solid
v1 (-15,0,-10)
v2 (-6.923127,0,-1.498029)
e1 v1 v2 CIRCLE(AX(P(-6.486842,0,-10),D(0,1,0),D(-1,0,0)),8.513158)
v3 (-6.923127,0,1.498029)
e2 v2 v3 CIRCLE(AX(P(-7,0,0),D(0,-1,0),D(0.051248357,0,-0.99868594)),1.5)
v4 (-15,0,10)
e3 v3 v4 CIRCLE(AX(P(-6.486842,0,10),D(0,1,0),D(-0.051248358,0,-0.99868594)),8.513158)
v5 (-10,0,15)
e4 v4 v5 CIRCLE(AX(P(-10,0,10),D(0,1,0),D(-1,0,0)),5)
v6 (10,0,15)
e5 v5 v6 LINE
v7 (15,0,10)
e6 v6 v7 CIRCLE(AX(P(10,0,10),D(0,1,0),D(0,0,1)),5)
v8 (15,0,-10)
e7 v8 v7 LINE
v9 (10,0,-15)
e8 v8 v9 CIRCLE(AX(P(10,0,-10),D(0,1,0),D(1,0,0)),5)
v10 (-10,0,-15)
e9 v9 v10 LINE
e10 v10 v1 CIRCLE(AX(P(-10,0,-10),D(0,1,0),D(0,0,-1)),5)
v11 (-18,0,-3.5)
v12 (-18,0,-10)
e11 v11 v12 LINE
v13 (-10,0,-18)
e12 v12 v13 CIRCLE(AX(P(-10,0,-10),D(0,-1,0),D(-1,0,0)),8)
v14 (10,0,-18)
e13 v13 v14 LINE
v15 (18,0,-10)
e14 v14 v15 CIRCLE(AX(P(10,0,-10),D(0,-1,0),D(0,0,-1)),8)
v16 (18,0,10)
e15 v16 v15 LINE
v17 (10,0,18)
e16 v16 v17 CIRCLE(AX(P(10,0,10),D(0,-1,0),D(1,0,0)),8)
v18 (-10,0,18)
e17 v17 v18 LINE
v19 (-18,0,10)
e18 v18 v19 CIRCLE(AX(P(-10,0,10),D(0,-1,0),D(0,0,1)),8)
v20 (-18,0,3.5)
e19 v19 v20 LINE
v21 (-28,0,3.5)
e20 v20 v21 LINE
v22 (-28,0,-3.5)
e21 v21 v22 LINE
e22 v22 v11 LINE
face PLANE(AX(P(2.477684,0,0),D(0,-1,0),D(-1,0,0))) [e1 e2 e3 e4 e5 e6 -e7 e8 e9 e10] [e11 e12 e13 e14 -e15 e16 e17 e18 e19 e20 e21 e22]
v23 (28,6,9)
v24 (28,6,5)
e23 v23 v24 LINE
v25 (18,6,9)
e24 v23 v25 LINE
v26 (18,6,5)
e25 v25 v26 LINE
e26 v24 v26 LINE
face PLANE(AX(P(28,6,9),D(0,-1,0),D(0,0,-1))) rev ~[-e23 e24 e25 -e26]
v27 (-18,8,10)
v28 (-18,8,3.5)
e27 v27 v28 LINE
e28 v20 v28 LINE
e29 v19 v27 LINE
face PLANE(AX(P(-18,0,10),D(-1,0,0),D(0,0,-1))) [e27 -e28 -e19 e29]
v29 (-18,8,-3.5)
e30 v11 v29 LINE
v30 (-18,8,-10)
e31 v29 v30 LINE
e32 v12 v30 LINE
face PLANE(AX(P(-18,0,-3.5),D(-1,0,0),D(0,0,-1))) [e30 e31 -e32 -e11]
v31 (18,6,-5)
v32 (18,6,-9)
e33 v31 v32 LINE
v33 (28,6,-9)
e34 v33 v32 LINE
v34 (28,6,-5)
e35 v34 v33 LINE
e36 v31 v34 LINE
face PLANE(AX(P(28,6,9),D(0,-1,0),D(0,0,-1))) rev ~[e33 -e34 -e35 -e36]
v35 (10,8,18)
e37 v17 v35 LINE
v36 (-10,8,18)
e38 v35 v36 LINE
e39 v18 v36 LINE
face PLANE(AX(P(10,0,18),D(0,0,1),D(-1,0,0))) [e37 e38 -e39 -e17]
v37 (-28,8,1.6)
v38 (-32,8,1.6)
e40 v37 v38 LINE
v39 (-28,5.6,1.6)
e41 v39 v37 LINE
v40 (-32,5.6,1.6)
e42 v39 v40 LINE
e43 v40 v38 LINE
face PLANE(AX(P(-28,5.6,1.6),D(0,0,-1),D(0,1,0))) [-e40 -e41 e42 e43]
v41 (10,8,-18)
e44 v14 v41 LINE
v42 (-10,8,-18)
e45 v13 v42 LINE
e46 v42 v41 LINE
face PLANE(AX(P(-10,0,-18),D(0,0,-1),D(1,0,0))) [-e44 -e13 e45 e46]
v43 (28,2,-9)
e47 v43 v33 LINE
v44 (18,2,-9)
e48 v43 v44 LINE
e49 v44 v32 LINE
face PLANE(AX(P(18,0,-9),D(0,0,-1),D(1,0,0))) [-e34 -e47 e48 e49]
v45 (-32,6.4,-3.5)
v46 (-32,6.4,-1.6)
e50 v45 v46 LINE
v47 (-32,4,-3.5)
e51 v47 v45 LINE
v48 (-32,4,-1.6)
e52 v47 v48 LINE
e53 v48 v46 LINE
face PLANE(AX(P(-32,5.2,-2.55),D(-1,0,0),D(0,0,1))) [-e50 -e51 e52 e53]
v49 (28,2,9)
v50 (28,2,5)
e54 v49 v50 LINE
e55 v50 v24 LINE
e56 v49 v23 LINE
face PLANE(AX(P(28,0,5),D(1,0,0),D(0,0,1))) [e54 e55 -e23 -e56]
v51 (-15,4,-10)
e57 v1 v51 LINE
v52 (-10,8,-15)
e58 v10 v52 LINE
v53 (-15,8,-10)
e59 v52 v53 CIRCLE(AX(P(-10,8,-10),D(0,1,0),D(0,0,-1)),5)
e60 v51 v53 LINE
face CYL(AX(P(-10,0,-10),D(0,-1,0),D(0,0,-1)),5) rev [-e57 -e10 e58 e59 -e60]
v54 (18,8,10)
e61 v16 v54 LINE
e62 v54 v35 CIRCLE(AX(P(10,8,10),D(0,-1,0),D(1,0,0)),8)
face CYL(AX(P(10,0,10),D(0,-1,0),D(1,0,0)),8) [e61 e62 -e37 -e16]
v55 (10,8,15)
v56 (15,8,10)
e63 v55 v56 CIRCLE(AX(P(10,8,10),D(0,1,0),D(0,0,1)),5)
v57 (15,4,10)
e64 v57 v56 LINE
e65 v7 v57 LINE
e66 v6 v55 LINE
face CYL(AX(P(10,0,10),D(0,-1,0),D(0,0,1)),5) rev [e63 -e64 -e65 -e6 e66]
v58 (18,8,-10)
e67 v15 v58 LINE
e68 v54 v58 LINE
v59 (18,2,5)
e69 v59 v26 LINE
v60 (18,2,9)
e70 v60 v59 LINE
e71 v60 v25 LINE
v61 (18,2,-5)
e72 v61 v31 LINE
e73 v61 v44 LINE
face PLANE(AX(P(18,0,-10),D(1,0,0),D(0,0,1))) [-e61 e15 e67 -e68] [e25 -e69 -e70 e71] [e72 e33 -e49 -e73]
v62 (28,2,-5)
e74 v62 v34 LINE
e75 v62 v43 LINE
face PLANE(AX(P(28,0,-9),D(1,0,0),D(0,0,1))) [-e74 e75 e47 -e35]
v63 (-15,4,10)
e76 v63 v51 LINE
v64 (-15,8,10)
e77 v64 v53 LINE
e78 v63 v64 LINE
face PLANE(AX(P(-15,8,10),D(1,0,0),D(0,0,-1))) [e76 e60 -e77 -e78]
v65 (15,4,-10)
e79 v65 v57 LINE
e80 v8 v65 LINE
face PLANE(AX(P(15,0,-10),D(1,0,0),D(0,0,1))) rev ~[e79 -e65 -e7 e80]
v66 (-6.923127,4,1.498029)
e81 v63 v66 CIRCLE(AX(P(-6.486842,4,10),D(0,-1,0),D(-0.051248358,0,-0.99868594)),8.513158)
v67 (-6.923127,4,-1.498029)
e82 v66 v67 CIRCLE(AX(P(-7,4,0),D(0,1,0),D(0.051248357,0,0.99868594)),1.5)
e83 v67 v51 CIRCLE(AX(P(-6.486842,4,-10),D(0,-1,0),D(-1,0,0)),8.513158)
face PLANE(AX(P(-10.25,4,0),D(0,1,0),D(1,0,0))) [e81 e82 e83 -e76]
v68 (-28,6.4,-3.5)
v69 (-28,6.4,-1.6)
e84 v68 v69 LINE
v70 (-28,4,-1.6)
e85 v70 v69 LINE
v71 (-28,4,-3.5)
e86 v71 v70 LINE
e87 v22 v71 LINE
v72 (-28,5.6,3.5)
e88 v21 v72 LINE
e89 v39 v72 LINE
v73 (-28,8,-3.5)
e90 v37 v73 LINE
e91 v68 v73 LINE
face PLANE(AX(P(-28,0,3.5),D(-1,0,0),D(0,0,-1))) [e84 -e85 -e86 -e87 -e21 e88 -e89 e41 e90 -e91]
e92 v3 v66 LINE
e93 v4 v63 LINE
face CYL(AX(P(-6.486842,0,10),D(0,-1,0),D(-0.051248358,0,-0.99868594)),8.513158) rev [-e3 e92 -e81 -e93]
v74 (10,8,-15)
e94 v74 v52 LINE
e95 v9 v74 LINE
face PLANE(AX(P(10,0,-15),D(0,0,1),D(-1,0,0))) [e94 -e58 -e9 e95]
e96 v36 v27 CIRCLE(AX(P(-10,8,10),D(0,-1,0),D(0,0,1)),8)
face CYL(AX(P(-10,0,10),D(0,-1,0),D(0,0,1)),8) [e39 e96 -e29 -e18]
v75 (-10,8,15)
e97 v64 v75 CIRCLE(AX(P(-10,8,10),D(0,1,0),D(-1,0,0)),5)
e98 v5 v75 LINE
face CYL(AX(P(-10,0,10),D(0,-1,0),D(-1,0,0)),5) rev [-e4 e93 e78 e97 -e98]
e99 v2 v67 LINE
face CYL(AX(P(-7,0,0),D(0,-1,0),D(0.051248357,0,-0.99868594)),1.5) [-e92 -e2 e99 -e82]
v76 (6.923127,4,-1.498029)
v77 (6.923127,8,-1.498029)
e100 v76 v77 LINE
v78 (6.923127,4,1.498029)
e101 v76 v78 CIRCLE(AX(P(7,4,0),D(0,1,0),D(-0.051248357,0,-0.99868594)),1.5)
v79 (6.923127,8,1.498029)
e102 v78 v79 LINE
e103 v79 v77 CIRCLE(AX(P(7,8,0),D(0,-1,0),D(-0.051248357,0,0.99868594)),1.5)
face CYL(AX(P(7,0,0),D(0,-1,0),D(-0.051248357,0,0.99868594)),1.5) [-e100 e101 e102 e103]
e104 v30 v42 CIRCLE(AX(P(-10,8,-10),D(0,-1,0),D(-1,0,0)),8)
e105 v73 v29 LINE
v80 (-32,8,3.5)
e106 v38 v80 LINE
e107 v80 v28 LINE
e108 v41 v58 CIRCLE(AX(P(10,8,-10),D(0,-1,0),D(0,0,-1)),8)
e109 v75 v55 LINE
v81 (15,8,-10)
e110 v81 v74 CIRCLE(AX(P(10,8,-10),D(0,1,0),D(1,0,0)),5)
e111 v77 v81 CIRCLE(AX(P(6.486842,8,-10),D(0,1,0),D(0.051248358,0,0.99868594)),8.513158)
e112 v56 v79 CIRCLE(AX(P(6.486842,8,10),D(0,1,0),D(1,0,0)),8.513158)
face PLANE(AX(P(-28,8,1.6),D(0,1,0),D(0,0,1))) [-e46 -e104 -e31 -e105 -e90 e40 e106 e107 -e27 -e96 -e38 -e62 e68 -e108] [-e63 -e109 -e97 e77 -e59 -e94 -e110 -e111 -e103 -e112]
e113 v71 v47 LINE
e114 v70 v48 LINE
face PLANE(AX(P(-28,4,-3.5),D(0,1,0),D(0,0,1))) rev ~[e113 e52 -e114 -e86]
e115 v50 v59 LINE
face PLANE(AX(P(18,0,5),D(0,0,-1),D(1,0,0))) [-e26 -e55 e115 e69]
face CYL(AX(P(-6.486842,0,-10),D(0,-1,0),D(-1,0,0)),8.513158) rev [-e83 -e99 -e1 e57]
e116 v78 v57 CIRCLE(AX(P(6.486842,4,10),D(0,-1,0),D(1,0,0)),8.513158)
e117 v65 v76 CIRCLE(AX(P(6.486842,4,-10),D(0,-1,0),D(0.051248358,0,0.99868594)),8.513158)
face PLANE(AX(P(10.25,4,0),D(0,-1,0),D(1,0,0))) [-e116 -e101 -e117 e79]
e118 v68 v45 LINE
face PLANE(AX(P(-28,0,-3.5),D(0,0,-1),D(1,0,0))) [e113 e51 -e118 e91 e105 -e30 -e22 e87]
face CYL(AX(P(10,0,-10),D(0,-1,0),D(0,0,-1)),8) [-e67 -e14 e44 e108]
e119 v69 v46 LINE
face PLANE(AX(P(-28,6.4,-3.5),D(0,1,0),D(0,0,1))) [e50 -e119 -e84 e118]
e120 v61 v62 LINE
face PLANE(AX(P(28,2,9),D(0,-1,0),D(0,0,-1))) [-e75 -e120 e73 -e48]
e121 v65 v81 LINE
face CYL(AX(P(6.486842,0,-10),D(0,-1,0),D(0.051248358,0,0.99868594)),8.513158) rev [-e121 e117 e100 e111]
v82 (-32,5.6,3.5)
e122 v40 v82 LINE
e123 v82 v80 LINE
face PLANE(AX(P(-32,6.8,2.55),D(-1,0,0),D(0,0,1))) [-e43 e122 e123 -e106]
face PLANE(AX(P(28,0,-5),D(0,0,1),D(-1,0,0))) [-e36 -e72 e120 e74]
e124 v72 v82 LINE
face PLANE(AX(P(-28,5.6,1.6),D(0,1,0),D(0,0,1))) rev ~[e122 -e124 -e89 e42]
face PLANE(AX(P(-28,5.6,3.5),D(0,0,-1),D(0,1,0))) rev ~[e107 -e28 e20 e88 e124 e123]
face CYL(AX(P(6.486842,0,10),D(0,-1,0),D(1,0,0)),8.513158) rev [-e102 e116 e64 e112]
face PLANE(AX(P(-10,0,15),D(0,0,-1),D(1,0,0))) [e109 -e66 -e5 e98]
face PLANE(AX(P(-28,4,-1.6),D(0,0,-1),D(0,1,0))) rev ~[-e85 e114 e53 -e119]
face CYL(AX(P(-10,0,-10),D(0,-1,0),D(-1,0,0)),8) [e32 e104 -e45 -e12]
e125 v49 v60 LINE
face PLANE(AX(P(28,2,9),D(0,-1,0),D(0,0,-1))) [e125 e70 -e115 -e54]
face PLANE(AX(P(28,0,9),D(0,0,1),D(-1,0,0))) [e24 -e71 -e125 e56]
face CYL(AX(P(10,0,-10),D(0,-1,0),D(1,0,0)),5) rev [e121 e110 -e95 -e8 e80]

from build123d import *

# Parameters (mm, degrees)
BOSS_EXTRUDE1_DEPTH = 8
SKETCH2_W           = 1.9
SKETCH2_H           = 2.4
BOSS_EXTRUDE2_DEPTH = 4
SKETCH3_W           = 18
SKETCH3_H           = 2
CUT_EXTRUDE1_DEPTH  = 10
SKETCH4_W           = 9.5
SKETCH4_H           = 20
CUT_EXTRUDE2_DEPTH  = 4
SKETCH5_W           = 9.5
SKETCH5_H           = 20
CUT_EXTRUDE3_DEPTH  = 4


with BuildPart() as part:
    # Sketch1 → Boss-Extrude1 (new body)
    with BuildSketch(Plane(origin=(0, 0, 0), x_dir=(1, 0, 0), z_dir=(0, 1, 0))):
        with BuildLine():
            Line((-18, -10), (-18, -3.5))
            Line((-18, -3.5), (-28, -3.5))
            Line((-28, -3.5), (-28, 3.5))
            Line((-28, 3.5), (-18, 3.5))
            Line((-18, 3.5), (-18, 10))
            ThreePointArc((-18, 10), (-15.656854249, 15.656854249), (-10, 18))
            Line((-10, 18), (10, 18))
            ThreePointArc((10, 18), (15.656854249, 15.656854249), (18, 10))
            Line((18, 10), (18, 9))
            Line((18, 9), (28, 9))
            Line((28, 9), (28, 5))
            Line((28, 5), (18, 5))
            Line((18, 5), (18, -5))
            Line((18, -5), (28, -5))
            Line((28, -5), (28, -9))
            Line((28, -9), (18, -9))
            Line((18, -9), (18, -10))
            ThreePointArc((18, -10), (15.656854249, -15.656854249), (10, -18))
            Line((10, -18), (-10, -18))
            ThreePointArc((-10, -18), (-15.656854249, -15.656854249), (-18, -10))
        make_face()
        with BuildLine():
            Line((-10, -15), (10, -15))
            ThreePointArc((10, -15), (13.535533906, -13.535533906), (15, -10))
            ThreePointArc((15, -10), (12.658876757, -4.136567081), (6.923127464, -1.498028909))
            ThreePointArc((6.923127464, -1.498028909), (5.5, 0), (6.923127464, 1.498028909))
            ThreePointArc((6.923127464, 1.498028909), (12.658876757, 4.136567081), (15, 10))
            ThreePointArc((15, 10), (13.535533906, 13.535533906), (10, 15))
            Line((10, 15), (-10, 15))
            ThreePointArc((-10, 15), (-13.535533906, 13.535533906), (-15, 10))
            ThreePointArc((-15, 10), (-12.658876757, 4.136567081), (-6.923127464, 1.498028909))
            ThreePointArc((-6.923127464, 1.498028909), (-5.5, 0), (-6.923127464, -1.498028909))
            ThreePointArc((-6.923127464, -1.498028909), (-12.658876757, -4.136567081), (-15, -10))
            ThreePointArc((-15, -10), (-13.535533906, -13.535533906), (-10, -15))
        make_face(mode=Mode.SUBTRACT)
    extrude(amount=BOSS_EXTRUDE1_DEPTH)

    # Sketch2 → Boss-Extrude2 (add)
    with BuildSketch(Plane.ZY.offset(28)):
        with Locations((2.55, 6.8)):
            Rectangle(SKETCH2_W, SKETCH2_H)
        with Locations((-2.55, 5.2)):
            Rectangle(SKETCH2_W, SKETCH2_H)
    extrude(amount=BOSS_EXTRUDE2_DEPTH)

    # Sketch3 → Cut-Extrude1 (cut)
    with BuildSketch(Plane(origin=(28, 0, 0), x_dir=(0, 0, -1), z_dir=(1, 0, 0))):
        with Locations((0, 1)):
            Rectangle(SKETCH3_W, SKETCH3_H)
        with Locations((0, 7)):
            Rectangle(SKETCH3_W, SKETCH3_H)
    extrude(amount=-CUT_EXTRUDE1_DEPTH, mode=Mode.SUBTRACT)

    # Sketch4 → Cut-Extrude2 (cut)
    with BuildSketch(Plane.XZ):
        with Locations((10.25, 0)):
            Rectangle(SKETCH4_W, SKETCH4_H)
    extrude(amount=-CUT_EXTRUDE2_DEPTH, mode=Mode.SUBTRACT)

    # Sketch5 → Cut-Extrude3 (cut)
    with BuildSketch(Plane(origin=(0, 8, 0), x_dir=(1, 0, 0), z_dir=(0, 1, 0))):
        with Locations((-10.25, 0)):
            Rectangle(SKETCH5_W, SKETCH5_H)
    extrude(amount=-CUT_EXTRUDE3_DEPTH, mode=Mode.SUBTRACT)


solid = part.part
